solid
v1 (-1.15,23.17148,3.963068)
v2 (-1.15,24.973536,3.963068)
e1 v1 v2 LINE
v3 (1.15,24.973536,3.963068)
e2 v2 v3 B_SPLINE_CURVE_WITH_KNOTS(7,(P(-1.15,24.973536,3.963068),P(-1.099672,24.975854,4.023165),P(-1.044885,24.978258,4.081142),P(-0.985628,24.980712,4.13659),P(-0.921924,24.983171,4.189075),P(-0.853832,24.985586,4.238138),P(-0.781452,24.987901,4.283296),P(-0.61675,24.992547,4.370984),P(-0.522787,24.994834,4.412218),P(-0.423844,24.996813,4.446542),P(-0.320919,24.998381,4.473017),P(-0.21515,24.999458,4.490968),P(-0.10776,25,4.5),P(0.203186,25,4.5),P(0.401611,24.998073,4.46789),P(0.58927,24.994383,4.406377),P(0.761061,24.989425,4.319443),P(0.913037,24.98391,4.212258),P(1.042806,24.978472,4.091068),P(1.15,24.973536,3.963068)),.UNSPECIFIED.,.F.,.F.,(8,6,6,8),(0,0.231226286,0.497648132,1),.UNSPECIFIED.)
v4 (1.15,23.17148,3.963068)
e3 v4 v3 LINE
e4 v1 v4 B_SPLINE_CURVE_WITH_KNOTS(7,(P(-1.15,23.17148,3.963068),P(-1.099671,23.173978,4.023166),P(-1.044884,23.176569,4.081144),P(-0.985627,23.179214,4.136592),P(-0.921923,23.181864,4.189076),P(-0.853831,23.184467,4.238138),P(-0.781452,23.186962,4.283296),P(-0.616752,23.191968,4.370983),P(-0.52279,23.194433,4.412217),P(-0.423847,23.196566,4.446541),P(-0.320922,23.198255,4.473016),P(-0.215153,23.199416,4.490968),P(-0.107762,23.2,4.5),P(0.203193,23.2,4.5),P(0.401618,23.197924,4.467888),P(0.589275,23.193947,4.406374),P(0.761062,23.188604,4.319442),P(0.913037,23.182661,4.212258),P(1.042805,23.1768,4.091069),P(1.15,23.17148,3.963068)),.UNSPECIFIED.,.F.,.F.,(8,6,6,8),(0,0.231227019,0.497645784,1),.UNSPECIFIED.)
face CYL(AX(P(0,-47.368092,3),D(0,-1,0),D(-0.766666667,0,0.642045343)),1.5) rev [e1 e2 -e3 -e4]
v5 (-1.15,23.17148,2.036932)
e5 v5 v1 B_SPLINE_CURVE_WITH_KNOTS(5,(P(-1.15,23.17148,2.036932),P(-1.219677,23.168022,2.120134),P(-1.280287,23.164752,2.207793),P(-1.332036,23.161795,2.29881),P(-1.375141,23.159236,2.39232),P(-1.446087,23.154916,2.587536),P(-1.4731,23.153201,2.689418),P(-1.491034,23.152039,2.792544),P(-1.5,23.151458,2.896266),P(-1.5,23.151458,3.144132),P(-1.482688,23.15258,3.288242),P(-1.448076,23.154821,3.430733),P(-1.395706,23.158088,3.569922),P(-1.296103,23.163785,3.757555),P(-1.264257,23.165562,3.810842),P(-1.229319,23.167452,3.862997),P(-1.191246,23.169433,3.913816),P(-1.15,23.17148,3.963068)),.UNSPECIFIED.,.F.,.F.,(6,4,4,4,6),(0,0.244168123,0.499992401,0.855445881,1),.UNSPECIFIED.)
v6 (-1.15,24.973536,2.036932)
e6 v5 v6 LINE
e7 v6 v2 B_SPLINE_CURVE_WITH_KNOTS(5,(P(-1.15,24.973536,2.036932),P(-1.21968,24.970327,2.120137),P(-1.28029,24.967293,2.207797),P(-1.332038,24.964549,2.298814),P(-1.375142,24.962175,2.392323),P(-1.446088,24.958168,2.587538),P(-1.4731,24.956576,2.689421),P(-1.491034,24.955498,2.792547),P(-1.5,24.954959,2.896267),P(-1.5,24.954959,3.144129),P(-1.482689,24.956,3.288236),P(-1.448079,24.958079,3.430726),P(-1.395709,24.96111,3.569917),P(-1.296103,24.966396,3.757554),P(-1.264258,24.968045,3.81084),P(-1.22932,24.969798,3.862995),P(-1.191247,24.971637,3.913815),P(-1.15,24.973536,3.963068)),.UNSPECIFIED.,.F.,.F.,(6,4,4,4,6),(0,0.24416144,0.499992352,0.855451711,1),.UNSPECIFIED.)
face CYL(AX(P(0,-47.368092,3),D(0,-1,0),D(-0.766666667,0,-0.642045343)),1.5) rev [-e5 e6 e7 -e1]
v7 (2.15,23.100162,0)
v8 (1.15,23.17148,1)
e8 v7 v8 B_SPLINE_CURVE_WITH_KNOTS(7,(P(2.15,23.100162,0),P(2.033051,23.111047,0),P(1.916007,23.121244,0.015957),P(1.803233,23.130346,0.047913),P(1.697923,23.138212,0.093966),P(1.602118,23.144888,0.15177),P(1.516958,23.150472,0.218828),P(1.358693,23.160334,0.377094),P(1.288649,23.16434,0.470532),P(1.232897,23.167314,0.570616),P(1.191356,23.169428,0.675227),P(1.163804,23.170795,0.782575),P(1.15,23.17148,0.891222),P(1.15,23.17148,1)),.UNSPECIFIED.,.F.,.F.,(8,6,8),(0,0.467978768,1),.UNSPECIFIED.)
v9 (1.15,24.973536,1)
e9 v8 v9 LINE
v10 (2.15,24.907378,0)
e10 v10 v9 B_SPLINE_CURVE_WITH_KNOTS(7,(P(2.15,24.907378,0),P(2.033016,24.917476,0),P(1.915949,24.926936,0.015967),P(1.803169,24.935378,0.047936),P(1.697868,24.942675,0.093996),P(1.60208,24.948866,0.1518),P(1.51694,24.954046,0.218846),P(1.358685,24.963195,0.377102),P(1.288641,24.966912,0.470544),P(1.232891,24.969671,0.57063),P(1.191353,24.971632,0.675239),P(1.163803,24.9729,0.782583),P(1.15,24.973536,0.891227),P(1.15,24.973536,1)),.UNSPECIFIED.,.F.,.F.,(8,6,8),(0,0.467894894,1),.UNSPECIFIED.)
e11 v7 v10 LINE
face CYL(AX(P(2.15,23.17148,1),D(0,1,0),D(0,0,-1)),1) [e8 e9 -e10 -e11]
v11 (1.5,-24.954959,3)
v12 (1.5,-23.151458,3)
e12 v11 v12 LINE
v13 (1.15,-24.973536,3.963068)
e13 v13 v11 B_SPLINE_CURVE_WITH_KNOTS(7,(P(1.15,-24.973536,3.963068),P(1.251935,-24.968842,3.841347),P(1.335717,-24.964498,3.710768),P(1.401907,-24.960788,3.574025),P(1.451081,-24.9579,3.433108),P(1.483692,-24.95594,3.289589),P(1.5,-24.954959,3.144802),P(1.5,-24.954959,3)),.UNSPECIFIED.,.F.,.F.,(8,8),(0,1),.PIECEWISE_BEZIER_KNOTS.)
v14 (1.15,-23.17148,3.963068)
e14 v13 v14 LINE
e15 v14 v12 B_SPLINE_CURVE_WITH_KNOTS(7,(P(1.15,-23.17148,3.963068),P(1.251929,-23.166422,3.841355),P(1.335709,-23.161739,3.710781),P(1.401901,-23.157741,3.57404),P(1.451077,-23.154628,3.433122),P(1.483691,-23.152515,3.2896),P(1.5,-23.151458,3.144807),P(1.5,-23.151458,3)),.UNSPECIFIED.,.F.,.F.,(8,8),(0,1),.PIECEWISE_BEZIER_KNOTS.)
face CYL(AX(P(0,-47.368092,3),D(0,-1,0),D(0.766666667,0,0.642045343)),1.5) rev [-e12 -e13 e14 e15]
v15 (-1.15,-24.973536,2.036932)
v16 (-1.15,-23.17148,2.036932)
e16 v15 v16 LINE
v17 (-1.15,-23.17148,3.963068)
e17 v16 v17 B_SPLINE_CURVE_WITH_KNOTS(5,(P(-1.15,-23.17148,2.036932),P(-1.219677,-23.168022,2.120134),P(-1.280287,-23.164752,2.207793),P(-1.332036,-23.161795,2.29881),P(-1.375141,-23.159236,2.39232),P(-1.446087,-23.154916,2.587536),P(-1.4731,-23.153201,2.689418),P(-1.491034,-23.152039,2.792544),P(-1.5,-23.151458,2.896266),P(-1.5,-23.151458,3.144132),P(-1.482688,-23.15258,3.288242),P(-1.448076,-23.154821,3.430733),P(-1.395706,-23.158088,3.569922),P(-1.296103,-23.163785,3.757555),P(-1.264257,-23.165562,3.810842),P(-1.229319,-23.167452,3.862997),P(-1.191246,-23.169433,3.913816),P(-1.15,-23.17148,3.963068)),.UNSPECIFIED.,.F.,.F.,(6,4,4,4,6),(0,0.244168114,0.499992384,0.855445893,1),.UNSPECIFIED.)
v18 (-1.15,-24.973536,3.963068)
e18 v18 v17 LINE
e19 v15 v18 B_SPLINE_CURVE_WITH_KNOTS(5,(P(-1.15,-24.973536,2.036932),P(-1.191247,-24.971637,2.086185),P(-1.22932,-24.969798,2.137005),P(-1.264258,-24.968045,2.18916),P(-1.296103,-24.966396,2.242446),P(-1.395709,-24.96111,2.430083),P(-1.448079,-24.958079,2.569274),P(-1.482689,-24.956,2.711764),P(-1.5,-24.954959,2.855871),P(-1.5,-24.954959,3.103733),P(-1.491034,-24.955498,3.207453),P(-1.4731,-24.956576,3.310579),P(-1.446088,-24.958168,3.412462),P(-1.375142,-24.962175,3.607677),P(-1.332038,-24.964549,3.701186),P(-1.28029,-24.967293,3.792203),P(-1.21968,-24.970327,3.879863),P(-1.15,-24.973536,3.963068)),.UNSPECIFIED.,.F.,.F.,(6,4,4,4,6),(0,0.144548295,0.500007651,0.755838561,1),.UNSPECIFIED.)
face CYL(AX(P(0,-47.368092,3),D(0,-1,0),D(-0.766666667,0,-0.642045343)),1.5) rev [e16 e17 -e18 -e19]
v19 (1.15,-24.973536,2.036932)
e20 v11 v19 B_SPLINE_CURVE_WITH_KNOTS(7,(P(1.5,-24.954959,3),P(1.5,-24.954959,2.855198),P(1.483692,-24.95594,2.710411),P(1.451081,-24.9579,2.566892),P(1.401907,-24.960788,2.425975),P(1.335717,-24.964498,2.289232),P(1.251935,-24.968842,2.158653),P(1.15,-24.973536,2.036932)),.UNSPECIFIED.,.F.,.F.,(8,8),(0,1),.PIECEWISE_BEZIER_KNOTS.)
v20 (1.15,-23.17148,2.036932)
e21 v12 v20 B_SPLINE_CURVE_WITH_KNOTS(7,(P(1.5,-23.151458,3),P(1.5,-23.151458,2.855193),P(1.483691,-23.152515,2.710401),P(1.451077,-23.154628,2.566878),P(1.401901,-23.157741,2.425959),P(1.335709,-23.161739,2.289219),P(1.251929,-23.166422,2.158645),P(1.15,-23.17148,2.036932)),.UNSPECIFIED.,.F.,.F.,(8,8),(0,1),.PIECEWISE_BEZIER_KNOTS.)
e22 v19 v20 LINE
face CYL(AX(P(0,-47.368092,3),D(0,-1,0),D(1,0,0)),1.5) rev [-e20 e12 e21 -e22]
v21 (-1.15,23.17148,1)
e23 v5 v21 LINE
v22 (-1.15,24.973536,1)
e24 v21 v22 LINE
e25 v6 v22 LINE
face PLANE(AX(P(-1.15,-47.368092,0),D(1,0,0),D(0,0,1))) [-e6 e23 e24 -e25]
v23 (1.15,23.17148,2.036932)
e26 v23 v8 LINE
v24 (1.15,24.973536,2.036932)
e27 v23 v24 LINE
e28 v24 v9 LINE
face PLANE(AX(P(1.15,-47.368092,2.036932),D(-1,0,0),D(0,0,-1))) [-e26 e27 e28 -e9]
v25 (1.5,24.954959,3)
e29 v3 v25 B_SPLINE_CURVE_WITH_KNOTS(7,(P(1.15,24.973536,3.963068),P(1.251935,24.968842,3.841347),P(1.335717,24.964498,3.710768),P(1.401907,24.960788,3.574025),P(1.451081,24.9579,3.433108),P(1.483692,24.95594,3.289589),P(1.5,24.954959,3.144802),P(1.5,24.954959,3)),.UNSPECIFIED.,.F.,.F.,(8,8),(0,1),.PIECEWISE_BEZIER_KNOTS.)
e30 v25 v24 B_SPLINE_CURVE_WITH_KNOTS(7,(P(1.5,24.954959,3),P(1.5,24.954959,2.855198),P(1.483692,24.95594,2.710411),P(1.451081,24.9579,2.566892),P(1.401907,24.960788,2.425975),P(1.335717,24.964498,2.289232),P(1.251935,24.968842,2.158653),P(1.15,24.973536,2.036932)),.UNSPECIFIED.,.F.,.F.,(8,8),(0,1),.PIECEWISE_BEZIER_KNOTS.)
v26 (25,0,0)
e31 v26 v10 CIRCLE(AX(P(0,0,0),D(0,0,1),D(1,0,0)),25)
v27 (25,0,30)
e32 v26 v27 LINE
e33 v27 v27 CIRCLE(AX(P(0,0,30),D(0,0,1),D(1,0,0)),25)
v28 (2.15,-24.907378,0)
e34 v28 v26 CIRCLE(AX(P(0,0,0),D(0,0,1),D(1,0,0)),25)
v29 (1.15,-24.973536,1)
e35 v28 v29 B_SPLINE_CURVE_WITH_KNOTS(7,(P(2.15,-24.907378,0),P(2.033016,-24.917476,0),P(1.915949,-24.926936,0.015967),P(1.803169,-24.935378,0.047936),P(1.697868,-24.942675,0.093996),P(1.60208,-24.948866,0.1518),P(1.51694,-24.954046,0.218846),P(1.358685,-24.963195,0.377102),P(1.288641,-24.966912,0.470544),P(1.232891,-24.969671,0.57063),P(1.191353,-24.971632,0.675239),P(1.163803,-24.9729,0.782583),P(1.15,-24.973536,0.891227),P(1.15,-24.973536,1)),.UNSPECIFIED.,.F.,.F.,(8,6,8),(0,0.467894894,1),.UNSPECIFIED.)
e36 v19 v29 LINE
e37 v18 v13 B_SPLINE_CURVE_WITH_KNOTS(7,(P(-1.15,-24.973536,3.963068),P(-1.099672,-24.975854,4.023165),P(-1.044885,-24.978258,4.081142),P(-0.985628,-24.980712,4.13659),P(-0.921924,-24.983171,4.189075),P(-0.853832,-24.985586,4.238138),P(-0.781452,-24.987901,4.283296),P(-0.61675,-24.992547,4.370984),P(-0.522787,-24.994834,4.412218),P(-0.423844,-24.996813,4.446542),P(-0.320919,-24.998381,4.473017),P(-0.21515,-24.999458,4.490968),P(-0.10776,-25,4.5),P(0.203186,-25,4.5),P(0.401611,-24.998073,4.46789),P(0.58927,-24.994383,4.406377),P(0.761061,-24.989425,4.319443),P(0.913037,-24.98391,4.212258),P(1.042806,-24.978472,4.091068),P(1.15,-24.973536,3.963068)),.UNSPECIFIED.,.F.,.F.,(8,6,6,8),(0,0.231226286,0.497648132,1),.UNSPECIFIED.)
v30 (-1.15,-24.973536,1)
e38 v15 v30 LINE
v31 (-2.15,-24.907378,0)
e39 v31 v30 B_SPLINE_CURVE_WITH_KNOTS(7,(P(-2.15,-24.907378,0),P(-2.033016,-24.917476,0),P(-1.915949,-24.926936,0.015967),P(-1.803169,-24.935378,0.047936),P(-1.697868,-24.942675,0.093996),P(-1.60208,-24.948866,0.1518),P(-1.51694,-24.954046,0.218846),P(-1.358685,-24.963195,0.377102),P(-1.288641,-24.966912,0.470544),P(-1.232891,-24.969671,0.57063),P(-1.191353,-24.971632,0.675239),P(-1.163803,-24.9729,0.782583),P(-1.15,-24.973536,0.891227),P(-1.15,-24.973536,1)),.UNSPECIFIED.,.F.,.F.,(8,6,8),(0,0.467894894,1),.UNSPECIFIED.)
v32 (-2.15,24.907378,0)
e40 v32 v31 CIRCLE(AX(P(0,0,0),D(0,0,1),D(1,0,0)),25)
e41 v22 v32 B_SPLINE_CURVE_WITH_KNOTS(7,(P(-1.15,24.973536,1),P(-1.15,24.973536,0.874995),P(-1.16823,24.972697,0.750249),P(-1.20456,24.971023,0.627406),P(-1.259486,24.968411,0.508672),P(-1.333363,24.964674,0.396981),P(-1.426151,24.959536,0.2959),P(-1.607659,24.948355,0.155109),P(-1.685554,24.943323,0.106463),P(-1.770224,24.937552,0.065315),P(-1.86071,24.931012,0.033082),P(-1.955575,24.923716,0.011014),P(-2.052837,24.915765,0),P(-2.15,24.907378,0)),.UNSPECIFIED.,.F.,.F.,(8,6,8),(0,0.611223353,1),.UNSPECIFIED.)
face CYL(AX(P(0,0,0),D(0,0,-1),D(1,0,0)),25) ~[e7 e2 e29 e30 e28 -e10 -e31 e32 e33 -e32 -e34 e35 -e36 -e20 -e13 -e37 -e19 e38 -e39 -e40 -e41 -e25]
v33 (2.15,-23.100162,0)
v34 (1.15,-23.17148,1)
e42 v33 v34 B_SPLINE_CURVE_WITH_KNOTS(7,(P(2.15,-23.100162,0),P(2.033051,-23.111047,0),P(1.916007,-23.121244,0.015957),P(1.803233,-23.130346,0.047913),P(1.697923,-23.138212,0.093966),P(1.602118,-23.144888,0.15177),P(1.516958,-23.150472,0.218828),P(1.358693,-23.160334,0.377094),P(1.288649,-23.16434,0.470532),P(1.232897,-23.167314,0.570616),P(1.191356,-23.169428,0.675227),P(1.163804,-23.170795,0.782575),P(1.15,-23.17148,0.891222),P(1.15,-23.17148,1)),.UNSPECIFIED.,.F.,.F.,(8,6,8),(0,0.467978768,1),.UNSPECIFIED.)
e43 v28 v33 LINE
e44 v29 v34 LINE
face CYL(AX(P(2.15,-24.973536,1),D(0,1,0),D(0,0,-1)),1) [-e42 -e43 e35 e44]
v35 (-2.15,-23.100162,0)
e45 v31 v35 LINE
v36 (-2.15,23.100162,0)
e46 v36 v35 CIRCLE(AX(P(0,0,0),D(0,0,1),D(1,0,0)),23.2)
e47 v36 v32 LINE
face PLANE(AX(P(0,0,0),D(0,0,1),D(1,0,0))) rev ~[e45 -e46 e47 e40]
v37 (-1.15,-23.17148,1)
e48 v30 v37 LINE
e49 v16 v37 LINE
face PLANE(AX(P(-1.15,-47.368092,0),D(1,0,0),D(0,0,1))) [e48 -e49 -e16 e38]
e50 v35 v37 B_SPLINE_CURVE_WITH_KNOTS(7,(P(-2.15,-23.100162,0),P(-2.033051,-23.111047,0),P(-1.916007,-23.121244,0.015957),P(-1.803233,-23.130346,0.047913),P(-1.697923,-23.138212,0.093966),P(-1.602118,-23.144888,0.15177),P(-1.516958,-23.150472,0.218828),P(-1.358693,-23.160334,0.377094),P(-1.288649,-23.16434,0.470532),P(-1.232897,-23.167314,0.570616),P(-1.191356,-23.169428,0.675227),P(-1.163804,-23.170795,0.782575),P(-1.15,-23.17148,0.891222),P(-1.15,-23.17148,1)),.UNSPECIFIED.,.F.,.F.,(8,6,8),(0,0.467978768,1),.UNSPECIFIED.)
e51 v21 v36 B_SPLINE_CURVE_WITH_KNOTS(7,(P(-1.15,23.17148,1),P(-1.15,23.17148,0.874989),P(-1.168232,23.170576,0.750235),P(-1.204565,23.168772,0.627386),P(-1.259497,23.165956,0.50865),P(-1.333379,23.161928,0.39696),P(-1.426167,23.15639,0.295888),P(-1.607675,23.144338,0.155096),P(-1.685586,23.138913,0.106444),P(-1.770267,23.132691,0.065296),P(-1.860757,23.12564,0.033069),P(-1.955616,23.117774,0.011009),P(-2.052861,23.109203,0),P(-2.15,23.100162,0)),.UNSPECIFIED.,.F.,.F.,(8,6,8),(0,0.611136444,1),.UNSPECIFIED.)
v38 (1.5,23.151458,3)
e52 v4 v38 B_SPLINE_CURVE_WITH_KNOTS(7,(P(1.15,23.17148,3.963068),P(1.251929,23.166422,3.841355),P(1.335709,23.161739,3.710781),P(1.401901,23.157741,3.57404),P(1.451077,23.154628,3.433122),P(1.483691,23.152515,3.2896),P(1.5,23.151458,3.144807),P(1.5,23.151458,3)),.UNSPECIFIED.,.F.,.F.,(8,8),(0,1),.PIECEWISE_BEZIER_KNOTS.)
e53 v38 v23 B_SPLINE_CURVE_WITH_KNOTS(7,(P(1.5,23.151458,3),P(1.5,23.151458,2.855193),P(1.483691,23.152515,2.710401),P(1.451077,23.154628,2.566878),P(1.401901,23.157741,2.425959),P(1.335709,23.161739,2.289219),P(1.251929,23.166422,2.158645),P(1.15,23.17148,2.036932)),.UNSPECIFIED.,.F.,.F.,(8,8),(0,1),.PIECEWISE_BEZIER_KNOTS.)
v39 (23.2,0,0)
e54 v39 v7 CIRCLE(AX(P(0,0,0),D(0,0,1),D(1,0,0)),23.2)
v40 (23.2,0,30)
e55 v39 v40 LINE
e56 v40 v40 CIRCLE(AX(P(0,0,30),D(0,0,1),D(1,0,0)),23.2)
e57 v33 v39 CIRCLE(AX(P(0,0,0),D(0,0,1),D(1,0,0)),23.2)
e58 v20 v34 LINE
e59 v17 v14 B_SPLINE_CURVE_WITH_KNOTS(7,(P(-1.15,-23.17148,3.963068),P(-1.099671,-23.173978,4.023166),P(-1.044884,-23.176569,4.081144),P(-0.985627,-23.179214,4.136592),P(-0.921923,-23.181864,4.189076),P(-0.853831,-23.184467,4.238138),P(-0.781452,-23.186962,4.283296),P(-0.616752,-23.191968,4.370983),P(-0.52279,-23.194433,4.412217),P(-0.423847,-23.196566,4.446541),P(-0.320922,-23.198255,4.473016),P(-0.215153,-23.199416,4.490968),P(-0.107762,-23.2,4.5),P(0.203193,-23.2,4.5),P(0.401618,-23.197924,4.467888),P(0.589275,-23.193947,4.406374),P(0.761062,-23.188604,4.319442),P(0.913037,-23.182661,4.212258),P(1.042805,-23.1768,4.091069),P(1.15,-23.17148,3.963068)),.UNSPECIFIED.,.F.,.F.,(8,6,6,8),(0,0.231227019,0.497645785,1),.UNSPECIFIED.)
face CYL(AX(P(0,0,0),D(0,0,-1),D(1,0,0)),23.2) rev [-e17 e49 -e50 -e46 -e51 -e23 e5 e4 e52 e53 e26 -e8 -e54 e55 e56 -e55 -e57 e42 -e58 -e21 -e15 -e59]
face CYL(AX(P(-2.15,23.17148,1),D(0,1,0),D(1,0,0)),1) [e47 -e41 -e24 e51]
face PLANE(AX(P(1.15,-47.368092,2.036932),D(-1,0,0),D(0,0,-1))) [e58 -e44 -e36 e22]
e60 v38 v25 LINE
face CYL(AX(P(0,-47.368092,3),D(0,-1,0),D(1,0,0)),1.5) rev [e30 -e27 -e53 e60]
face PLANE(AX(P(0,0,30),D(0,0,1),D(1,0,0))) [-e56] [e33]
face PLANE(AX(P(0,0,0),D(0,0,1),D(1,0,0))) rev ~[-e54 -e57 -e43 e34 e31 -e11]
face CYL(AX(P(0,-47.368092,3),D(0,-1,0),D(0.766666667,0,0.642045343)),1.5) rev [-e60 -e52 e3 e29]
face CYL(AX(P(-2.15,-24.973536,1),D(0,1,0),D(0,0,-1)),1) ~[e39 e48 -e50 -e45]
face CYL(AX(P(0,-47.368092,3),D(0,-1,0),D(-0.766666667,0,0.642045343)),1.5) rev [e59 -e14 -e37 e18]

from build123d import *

# Parameters (mm, degrees)
SKETCH_1_R               = 25
SKETCH_1_R_2             = 23.2
EXTRUDE_1_DEPTH          = 30
CUT_EXTRUDE_1_DEPTH      = 47.368092477
CUT_EXTRUDE_1_DEPTH_BACK = 47.368092477
FILLET_1_R               = 1


with BuildPart() as part:
    # 草图1 → 凸台-拉伸1 (new body)
    with BuildSketch(Plane.XY):
        Circle(SKETCH_1_R)
        Circle(SKETCH_1_R_2, mode=Mode.SUBTRACT)
    extrude(amount=EXTRUDE_1_DEPTH)

    # 草图3 → 切除-拉伸1 (cut, two sides: drawn at the far end of the back side and taken through both)
    with BuildSketch(Plane(origin=(0, 0, 0), x_dir=(1, 0, 0), z_dir=(0, 1, 0)).offset(-CUT_EXTRUDE_1_DEPTH_BACK)):
        with BuildLine():
            Line((-1.15, 0), (-1.15, -2.036931986))
            ThreePointArc((-1.15, -2.036931986), (0, -1.5), (1.15, -2.036931986))
            Line((1.15, -2.036931986), (1.15, 0))
            Line((1.15, 0), (-1.15, 0))
        make_face()
        with BuildLine():
            Line((-1.15, -2.036931986), (-1.15, -3.963068014))
            ThreePointArc((-1.15, -3.963068014), (0, -4.5), (1.15, -3.963068014))
            Line((1.15, -3.963068014), (1.15, -2.036931986))
            ThreePointArc((1.15, -2.036931986), (0, -1.5), (-1.15, -2.036931986))
        make_face()
        with BuildLine():
            Line((1.15, -2.036931986), (1.15, -3.963068014))
            ThreePointArc((1.15, -3.963068014), (1.409787218, -3.512347538), (1.5, -3))
            ThreePointArc((1.5, -3), (1.409787218, -2.487652462), (1.15, -2.036931986))
        make_face()
        with BuildLine():
            ThreePointArc((-1.15, -2.036931986), (-1.5, -3), (-1.15, -3.963068014))
            Line((-1.15, -3.963068014), (-1.15, -2.036931986))
        make_face()
    extrude(amount=CUT_EXTRUDE_1_DEPTH + CUT_EXTRUDE_1_DEPTH_BACK, mode=Mode.SUBTRACT)

    # 圆角1
    fillet_1_edges = [part.edges().sort_by_distance(p)[0] for p in [
        (-1.15, 24.072508154, 0),
        (-1.15, -24.072508154, 0),
        (1.15, -24.072508154, 0),
        (1.15, 24.072508154, 0),
    ]]
    fillet(fillet_1_edges, radius=FILLET_1_R)


solid = part.part
